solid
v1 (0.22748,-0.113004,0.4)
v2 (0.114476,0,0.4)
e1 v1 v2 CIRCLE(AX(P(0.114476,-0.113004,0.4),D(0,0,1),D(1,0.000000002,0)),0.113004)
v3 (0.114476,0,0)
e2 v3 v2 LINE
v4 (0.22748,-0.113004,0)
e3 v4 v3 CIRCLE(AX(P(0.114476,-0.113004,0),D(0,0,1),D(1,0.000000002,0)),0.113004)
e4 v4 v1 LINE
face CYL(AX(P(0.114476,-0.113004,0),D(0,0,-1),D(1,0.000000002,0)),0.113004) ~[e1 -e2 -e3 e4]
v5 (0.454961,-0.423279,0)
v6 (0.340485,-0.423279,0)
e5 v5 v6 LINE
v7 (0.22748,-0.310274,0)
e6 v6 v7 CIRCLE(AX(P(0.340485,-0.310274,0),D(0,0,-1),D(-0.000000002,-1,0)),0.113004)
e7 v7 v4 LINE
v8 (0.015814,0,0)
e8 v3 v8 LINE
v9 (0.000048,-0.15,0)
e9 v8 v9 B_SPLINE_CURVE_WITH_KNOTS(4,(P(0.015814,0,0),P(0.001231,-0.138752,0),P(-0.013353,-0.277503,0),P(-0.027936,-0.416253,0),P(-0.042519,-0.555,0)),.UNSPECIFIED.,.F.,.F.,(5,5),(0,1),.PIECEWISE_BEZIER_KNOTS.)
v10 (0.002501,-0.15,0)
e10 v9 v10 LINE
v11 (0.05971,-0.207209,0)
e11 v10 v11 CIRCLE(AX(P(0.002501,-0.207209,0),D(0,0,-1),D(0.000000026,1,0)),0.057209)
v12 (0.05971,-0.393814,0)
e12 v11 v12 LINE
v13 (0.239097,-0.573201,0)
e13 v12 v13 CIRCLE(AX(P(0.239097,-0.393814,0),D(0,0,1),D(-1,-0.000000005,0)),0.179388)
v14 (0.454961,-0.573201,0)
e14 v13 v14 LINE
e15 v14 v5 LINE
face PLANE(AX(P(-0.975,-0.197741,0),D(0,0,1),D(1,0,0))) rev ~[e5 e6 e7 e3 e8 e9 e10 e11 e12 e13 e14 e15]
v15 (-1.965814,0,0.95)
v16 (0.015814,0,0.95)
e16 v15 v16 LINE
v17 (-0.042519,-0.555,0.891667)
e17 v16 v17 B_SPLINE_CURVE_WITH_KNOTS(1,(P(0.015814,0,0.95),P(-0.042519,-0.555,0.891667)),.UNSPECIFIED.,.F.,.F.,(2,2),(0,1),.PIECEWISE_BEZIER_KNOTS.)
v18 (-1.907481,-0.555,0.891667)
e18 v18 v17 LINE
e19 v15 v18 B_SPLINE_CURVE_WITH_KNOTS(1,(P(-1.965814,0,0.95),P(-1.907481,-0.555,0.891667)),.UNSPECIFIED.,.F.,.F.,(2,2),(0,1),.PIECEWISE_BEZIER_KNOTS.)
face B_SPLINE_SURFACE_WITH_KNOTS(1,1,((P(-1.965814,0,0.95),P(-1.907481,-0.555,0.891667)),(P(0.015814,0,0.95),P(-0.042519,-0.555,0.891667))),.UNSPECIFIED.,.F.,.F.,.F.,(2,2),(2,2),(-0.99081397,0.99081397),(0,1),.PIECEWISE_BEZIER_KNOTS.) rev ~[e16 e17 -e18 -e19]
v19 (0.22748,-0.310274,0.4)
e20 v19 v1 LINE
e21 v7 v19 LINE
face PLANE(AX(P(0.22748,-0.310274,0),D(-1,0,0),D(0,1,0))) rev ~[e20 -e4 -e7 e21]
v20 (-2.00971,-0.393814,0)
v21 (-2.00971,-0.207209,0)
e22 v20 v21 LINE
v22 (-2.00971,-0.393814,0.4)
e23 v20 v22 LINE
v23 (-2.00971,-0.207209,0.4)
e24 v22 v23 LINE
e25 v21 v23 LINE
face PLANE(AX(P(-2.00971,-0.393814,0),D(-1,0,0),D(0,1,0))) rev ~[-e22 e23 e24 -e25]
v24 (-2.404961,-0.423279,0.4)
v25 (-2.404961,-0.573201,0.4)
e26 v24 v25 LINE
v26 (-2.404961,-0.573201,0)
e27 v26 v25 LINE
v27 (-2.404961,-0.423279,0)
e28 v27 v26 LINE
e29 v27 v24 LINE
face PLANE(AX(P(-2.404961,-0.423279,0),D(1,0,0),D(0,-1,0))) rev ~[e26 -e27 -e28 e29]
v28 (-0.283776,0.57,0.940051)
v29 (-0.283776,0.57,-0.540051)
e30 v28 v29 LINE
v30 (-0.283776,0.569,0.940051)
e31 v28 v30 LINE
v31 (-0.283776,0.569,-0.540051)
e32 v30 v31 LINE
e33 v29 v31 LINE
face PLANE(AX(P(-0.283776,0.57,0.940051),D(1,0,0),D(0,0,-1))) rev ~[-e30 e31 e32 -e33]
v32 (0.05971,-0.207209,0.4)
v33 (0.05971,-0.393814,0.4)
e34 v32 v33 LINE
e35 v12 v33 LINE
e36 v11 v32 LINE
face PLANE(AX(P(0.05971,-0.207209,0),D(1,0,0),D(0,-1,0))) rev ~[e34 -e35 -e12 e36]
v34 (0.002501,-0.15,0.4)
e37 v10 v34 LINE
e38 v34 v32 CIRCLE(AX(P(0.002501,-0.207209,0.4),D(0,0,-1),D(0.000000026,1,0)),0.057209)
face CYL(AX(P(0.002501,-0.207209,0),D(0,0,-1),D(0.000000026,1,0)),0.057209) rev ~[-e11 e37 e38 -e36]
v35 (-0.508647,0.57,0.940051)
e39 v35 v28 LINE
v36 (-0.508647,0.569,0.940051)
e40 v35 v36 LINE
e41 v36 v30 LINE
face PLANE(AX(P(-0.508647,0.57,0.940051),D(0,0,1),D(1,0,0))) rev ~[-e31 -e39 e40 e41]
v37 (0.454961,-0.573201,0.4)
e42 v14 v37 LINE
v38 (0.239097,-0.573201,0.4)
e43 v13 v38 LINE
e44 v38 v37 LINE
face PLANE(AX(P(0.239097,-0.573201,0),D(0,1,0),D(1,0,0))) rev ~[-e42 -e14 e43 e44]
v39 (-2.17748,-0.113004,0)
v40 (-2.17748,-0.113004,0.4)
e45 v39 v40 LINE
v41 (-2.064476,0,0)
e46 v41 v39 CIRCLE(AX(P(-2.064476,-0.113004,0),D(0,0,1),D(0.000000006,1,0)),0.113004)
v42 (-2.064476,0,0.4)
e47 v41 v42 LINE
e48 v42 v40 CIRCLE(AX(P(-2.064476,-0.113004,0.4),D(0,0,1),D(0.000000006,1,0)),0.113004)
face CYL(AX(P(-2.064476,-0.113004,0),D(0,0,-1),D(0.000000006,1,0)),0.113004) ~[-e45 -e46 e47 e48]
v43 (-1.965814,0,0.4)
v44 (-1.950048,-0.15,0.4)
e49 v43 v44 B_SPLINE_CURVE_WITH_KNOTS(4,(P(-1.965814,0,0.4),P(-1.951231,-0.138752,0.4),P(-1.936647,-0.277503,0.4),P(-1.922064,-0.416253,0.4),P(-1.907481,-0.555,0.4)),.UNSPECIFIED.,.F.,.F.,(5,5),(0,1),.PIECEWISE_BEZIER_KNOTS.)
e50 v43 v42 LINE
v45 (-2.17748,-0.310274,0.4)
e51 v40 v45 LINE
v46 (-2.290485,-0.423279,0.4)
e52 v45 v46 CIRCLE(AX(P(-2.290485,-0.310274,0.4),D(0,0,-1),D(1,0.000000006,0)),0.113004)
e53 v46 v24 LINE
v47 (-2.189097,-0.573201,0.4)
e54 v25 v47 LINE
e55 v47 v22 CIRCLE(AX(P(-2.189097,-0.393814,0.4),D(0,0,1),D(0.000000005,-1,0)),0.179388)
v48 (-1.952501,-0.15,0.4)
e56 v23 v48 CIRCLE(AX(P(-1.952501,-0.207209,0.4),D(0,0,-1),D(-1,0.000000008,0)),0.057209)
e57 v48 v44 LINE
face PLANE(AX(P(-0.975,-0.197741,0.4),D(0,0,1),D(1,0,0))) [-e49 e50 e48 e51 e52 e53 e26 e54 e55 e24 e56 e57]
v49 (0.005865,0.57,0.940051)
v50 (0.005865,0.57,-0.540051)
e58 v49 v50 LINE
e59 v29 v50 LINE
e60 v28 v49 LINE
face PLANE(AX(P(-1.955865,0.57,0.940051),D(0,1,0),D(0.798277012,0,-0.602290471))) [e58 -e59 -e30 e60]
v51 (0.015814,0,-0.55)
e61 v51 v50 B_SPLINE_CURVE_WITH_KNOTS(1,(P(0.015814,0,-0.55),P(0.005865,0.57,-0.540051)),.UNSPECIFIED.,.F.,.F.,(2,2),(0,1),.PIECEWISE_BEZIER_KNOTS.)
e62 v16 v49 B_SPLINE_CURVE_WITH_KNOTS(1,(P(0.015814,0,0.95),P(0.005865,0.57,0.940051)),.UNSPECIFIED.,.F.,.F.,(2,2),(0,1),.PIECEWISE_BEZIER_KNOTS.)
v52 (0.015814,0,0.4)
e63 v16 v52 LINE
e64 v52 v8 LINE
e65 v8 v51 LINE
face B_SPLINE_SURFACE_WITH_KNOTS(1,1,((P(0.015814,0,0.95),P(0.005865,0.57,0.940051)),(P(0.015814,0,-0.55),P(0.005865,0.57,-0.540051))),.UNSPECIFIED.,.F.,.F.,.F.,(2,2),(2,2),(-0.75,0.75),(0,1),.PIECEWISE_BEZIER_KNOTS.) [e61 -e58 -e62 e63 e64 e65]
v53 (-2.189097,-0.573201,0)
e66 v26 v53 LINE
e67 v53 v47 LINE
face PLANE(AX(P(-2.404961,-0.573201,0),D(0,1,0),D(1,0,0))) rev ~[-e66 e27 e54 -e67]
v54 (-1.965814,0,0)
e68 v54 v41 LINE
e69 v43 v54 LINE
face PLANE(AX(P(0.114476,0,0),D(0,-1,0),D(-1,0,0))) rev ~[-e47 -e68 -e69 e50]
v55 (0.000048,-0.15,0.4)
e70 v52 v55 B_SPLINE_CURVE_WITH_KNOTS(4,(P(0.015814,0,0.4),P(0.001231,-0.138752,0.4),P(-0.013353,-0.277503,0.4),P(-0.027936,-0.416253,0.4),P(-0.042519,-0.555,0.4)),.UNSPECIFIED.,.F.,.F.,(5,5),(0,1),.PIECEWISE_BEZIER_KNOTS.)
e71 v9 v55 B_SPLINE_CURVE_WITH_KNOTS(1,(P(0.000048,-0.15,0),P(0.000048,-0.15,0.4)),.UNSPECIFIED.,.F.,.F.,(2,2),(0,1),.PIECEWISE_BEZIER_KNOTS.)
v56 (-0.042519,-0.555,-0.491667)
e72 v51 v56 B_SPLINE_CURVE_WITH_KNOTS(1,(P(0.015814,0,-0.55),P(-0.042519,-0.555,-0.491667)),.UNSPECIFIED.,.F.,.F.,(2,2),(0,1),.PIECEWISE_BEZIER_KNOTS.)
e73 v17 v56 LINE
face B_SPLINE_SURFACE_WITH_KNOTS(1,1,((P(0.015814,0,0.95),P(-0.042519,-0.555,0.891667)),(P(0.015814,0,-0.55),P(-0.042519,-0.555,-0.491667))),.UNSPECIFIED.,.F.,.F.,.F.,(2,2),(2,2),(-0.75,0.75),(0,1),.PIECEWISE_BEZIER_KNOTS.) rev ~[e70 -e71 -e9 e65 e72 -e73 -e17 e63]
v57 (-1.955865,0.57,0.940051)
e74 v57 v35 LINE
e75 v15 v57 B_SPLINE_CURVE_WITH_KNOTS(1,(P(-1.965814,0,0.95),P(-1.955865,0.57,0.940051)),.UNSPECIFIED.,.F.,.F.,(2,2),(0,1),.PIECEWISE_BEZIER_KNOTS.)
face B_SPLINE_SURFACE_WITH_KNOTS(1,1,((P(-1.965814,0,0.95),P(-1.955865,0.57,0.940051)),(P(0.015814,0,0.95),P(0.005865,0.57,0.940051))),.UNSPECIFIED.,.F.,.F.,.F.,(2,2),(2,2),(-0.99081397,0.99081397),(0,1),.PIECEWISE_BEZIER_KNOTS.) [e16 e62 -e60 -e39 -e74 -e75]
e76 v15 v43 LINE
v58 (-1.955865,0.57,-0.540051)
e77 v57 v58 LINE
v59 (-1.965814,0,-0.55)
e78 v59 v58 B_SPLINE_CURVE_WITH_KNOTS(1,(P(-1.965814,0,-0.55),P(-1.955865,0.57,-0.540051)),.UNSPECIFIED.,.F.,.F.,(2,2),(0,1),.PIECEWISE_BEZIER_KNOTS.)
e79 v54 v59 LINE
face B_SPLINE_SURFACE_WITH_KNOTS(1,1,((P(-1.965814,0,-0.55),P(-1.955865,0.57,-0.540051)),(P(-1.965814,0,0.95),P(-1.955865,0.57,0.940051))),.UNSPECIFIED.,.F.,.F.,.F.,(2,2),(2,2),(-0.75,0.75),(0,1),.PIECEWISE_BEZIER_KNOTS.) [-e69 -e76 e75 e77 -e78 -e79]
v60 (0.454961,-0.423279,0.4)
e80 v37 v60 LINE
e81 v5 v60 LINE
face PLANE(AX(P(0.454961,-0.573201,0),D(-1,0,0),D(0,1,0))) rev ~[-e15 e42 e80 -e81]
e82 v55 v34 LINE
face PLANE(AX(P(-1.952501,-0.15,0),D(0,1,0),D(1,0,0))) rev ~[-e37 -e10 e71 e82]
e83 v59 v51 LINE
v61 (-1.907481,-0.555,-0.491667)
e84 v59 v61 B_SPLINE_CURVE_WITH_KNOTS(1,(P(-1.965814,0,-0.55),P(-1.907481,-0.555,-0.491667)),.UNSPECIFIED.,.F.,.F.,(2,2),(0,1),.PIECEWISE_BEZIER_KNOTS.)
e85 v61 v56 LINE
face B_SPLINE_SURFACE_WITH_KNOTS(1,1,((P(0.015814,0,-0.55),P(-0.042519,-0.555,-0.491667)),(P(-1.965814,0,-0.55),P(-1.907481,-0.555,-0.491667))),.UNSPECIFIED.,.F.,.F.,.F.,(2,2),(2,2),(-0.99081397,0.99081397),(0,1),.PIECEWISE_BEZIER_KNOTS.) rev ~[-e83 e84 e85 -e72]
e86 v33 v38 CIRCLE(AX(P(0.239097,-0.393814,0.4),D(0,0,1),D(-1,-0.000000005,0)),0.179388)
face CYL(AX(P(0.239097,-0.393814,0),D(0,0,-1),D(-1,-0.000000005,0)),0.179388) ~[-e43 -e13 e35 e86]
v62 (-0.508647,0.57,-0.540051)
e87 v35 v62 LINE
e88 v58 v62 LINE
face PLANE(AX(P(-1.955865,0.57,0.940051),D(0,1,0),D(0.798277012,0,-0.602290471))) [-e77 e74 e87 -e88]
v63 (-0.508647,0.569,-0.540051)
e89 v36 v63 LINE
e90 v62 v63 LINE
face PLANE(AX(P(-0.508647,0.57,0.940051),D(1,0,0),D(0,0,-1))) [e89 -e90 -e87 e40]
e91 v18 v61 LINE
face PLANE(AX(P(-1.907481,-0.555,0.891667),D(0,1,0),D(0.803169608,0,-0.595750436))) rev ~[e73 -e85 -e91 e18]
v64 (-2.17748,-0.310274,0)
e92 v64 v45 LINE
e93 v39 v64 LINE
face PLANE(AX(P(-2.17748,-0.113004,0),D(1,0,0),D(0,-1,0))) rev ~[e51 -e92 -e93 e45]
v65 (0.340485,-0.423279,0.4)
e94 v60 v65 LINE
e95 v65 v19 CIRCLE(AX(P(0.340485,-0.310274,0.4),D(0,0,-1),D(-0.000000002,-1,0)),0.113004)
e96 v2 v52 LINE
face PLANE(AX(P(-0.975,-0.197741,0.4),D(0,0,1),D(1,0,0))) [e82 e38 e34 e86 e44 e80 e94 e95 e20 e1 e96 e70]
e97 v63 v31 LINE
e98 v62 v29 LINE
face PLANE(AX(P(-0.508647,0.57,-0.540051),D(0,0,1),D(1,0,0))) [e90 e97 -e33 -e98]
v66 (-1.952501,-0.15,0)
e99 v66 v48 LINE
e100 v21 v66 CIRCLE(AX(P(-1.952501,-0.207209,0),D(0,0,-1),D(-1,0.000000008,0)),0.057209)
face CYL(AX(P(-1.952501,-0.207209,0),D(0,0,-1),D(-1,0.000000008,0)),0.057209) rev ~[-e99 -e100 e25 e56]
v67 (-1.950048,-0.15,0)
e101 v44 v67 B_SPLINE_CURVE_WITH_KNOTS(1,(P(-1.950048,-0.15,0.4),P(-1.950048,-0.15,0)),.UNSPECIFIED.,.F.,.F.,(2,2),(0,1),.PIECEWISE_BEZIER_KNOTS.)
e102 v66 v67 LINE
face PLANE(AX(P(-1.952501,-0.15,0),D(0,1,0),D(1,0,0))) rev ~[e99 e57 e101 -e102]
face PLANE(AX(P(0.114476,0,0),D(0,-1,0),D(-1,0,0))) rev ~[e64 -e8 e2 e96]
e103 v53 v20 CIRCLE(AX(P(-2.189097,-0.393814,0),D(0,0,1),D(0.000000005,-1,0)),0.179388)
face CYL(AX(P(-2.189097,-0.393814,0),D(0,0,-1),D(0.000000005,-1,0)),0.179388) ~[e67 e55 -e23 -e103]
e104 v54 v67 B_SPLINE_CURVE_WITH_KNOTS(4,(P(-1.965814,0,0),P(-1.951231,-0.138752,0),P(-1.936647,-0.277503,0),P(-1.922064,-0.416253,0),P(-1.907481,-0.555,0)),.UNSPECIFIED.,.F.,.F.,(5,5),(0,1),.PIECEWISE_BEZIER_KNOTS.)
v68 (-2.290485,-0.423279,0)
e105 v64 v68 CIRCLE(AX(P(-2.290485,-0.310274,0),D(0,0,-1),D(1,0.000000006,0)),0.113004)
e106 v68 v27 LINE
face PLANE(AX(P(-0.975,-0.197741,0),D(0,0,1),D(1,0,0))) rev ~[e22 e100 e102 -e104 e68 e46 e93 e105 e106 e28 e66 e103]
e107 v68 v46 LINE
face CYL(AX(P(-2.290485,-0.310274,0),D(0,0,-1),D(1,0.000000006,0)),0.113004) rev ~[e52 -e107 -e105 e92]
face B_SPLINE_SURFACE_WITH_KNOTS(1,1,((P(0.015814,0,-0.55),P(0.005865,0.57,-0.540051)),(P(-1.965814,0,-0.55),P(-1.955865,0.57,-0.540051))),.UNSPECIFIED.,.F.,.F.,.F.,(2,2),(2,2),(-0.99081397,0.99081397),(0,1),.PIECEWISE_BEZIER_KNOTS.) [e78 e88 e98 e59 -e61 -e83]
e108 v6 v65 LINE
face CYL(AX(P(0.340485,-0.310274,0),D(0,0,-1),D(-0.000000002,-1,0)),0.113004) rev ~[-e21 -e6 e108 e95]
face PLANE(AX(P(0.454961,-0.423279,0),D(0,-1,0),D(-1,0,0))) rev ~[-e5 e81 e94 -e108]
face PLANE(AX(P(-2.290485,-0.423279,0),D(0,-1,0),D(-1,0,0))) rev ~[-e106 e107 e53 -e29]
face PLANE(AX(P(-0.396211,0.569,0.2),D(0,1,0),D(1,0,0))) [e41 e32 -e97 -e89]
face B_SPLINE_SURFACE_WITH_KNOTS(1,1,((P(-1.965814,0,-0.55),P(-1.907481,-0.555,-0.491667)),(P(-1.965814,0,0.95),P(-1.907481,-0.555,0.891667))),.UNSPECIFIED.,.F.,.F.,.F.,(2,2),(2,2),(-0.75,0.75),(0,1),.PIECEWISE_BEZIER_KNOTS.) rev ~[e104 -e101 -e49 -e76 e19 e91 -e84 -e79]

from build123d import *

# Parameters (mm, degrees)
SALIENTE_EXTRUIR1_DEPTH           = 0.4
CROQUIS2_W                        = 1.98162794
CROQUIS2_H                        = 1.5
SALIENTE_EXTRUIR2_DEPTH           = 0.57
SALIENTE_EXTRUIR2_TAPER           = 1
SALIENTE_EXTRUIR2_OTHER_WAY_DEPTH = 0.555
SALIENTE_EXTRUIR2_OTHER_WAY_TAPER = 6
CROQUIS3_W                        = 0.224871427
CROQUIS3_H                        = 1.480101226
CORTAR_EXTRUIR1_DEPTH             = 0.001


with BuildPart() as part:
    # Croquis1 → Saliente-Extruir1 (new body)
    with BuildSketch(Plane.XY):
        with BuildLine():
            Line((0, 0), (-1.95, 0))
            Line((-1.95, 0), (-2.064476059, 0))
            ThreePointArc((-2.064476059, 0), (-2.144382121, -0.033098174), (-2.177480296, -0.113004236))
            Line((-2.177480296, -0.113004236), (-2.177480296, -0.15))
            Line((-2.177480296, -0.15), (-2.177480296, -0.310274433))
            ThreePointArc((-2.177480296, -0.310274433), (-2.21057847, -0.390180495), (-2.290484532, -0.42327867))
            Line((-2.290484532, -0.42327867), (-2.404960591, -0.42327867))
            Line((-2.404960591, -0.42327867), (-2.404960591, -0.573201369))
            Line((-2.404960591, -0.573201369), (-2.189097343, -0.573201369))
            ThreePointArc((-2.189097343, -0.573201369), (-2.062251222, -0.520659985), (-2.009709838, -0.393813864))
            Line((-2.009709838, -0.393813864), (-2.009709838, -0.207208661))
            ThreePointArc((-2.009709838, -0.207208661), (-1.992953809, -0.166756029), (-1.952501178, -0.15))
            Line((-1.952501178, -0.15), (-1.95, -0.15))
            Line((-1.95, -0.15), (0, -0.15))
            Line((0, -0.15), (0.002501178, -0.15))
            ThreePointArc((0.002501178, -0.15), (0.042953809, -0.166756029), (0.059709838, -0.207208661))
            Line((0.059709838, -0.207208661), (0.059709838, -0.393813864))
            ThreePointArc((0.059709838, -0.393813864), (0.112251222, -0.520659985), (0.239097343, -0.573201369))
            Line((0.239097343, -0.573201369), (0.454960591, -0.573201369))
            Line((0.454960591, -0.573201369), (0.454960591, -0.42327867))
            Line((0.454960591, -0.42327867), (0.340484532, -0.42327867))
            ThreePointArc((0.340484532, -0.42327867), (0.26057847, -0.390180495), (0.227480296, -0.310274433))
            Line((0.227480296, -0.310274433), (0.227480296, -0.15))
            Line((0.227480296, -0.15), (0.227480296, -0.113004236))
            ThreePointArc((0.227480296, -0.113004236), (0.194382121, -0.033098174), (0.114476059, 0))
            Line((0.114476059, 0), (0, 0))
        make_face()
    extrude(amount=SALIENTE_EXTRUIR1_DEPTH)

    # Croquis2 → Saliente-Extruir2 (add)
    with BuildSketch(Plane(origin=(0, 0, 0), x_dir=(1, 0, 0), z_dir=(0, 1, 0))):
        with Locations((-0.975, -0.2)):
            Rectangle(CROQUIS2_W, CROQUIS2_H)
    extrude(amount=SALIENTE_EXTRUIR2_DEPTH, taper=SALIENTE_EXTRUIR2_TAPER)

    # Croquis2 → Saliente-Extruir2 other way (add)
    with BuildSketch(Plane(origin=(0, 0, 0), x_dir=(1, 0, 0), z_dir=(0, 1, 0))):
        with Locations((-0.975, -0.2)):
            Rectangle(CROQUIS2_W, CROQUIS2_H)
    extrude(amount=-SALIENTE_EXTRUIR2_OTHER_WAY_DEPTH, taper=SALIENTE_EXTRUIR2_OTHER_WAY_TAPER)

    # Croquis3 → Cortar-Extruir1 (cut)
    with BuildSketch(Plane(origin=(0, 0.57, 0), x_dir=(1, 0, 0), z_dir=(0, 1, 0))):
        with Locations((-0.396211414, -0.2)):
            Rectangle(CROQUIS3_W, CROQUIS3_H)
    extrude(amount=-CORTAR_EXTRUIR1_DEPTH, mode=Mode.SUBTRACT)


solid = part.part
